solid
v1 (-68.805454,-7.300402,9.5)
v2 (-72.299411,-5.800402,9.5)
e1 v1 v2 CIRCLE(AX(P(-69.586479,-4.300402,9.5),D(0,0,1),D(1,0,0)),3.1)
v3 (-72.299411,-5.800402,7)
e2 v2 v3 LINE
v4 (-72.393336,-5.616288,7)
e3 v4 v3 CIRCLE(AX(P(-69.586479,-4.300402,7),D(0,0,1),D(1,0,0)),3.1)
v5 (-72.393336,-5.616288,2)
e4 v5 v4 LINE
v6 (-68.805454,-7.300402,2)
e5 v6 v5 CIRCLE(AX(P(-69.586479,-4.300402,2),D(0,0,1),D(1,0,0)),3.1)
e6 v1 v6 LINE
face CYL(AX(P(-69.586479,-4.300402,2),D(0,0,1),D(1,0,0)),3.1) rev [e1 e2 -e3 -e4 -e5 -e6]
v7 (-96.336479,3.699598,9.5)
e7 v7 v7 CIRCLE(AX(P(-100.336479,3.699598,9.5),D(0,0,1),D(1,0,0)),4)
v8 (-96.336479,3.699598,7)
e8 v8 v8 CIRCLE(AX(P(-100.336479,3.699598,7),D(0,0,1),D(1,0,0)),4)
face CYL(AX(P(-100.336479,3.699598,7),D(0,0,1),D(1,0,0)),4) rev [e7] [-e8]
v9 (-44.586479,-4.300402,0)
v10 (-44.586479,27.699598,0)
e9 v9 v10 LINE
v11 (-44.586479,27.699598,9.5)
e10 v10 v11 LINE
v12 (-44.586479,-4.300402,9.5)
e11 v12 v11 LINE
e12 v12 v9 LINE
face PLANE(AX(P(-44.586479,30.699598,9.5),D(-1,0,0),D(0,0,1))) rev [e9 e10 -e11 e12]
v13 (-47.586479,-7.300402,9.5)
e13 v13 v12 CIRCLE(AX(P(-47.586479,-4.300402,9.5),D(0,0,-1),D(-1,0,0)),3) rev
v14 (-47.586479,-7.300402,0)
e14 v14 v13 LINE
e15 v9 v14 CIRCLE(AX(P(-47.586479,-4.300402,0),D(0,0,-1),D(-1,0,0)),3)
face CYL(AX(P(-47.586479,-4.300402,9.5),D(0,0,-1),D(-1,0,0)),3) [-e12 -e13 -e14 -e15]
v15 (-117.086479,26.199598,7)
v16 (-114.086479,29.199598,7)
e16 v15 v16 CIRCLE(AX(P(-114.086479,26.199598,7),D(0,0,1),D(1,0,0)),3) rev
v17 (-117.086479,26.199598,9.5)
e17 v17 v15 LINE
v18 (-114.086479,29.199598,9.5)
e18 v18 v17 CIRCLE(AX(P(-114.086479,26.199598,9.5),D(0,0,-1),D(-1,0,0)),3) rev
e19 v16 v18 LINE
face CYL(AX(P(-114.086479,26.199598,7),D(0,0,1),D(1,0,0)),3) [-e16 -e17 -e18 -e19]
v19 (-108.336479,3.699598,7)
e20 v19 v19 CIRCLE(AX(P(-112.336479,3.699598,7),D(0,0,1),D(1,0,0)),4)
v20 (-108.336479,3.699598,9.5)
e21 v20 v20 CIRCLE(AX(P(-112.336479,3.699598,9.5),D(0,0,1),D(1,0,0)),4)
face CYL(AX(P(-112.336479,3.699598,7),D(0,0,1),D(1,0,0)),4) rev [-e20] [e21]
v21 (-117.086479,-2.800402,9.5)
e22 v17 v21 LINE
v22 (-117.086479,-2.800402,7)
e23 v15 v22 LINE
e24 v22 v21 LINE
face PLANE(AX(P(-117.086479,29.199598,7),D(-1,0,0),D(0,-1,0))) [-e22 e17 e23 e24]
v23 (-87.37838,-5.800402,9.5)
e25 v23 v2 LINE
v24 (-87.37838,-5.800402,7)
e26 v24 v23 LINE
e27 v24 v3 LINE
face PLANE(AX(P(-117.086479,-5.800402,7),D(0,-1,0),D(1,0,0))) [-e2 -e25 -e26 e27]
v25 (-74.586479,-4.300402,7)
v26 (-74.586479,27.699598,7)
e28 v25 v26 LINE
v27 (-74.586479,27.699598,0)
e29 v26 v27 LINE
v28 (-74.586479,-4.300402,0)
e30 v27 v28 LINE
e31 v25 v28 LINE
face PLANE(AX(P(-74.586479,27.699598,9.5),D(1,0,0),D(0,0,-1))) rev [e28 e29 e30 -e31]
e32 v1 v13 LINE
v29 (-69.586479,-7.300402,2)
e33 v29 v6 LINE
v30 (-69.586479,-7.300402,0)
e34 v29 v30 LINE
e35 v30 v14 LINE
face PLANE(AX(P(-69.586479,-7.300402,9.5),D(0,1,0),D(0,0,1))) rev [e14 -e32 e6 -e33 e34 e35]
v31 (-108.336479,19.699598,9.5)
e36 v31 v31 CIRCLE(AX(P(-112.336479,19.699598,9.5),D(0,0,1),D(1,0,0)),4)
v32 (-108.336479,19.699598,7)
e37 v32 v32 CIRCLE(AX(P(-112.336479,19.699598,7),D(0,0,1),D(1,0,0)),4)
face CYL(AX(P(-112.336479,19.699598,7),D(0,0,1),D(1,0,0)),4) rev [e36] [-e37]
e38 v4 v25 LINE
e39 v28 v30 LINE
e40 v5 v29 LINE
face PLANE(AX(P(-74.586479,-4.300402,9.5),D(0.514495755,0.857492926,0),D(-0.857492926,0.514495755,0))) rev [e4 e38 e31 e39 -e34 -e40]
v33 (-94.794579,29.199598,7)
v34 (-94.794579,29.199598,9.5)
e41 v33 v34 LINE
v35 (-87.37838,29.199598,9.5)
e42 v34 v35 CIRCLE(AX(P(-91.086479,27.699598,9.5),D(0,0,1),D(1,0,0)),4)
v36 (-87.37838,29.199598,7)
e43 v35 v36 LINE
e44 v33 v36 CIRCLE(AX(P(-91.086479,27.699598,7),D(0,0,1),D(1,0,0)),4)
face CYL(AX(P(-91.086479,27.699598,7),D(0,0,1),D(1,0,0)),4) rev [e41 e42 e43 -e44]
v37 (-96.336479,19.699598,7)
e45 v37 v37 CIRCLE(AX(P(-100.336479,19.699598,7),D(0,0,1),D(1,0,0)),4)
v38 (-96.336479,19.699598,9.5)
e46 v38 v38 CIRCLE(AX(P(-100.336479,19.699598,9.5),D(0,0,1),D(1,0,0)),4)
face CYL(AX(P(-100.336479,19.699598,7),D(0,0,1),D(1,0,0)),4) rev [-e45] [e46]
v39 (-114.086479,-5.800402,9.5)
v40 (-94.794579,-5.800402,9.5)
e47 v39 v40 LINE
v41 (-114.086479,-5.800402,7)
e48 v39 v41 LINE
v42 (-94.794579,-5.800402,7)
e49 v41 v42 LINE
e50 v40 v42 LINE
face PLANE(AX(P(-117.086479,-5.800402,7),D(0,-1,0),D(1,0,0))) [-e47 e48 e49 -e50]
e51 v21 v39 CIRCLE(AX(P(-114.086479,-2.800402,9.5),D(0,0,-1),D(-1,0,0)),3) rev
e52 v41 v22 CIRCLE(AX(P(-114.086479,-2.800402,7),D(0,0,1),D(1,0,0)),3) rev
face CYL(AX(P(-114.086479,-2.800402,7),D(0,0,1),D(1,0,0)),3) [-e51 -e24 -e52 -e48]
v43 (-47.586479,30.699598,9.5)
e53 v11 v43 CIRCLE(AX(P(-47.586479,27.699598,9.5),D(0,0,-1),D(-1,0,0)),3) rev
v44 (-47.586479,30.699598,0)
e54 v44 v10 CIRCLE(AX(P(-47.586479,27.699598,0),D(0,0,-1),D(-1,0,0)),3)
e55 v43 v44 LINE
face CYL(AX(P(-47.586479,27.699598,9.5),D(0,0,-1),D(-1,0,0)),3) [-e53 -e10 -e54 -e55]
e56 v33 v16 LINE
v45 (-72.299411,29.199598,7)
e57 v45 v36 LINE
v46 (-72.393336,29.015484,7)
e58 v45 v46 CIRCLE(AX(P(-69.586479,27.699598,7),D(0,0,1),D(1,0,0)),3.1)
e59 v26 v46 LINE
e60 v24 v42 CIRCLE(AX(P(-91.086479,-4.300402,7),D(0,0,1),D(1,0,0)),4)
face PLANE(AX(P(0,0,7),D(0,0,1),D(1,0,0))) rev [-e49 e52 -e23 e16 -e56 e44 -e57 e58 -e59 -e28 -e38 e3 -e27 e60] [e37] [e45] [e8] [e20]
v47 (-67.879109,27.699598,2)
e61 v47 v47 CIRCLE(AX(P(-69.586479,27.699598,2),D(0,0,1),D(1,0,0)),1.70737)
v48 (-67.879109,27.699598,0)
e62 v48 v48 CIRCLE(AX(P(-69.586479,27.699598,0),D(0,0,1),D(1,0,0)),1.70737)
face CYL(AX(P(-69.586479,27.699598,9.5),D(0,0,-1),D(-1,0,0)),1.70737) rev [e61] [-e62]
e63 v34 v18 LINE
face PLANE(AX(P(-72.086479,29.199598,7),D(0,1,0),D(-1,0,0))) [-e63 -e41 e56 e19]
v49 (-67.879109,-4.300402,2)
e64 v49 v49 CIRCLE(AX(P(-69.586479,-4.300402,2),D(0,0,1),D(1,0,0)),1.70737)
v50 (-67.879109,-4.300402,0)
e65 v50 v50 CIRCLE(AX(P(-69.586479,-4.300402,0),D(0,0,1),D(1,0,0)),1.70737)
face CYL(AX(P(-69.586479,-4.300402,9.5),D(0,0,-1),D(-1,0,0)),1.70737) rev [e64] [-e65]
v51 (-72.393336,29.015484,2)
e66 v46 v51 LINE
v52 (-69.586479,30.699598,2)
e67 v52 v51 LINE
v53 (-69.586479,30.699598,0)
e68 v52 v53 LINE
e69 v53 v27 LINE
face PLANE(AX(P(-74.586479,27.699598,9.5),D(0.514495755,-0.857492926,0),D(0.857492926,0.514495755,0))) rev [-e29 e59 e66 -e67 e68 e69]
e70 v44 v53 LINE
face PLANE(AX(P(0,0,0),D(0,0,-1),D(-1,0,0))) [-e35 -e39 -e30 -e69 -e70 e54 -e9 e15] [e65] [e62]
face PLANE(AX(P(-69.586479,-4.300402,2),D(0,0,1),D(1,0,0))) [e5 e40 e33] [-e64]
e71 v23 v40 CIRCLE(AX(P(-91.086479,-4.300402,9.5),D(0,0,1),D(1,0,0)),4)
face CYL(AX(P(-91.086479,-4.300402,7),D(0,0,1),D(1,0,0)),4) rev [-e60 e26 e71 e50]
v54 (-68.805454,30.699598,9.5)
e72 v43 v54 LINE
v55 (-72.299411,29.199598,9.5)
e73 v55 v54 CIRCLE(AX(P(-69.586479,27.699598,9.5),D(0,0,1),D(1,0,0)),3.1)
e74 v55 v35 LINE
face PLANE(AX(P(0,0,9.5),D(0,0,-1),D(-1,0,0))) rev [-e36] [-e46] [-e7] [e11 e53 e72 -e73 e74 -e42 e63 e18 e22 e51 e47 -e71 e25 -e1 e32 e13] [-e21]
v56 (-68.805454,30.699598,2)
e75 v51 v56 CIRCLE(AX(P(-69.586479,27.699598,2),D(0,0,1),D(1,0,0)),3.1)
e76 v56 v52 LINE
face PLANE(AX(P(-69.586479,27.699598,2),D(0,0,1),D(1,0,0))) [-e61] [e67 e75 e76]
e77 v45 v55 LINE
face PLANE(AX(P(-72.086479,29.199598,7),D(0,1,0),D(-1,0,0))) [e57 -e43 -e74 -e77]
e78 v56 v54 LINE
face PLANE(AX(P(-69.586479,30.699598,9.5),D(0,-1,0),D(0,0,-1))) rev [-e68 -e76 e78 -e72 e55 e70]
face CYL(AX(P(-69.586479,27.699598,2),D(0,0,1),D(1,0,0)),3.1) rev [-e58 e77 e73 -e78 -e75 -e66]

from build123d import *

# Parameters (mm, degrees)
CROQUIS1_R              = 1.707370132
SALIENTE_EXTRUIR1_DEPTH = 9.5
SALIENTE_EXTRUIR2_DEPTH = 2.5
CROQUIS5_R              = 4
CROQUIS5_R_2            = 3.5
CORTAR_EXTRUIR1_DEPTH   = 2.5
REDONDEO1_R             = 3
CROQUIS6_R              = 3.1
CORTAR_EXTRUIR2_DEPTH   = 7.5


with BuildPart() as part:
    # Croquis1 → Saliente-Extruir1 (new body)
    with BuildSketch(Plane.XY):
        Polygon((-69.586479396, 30.699597615), (-44.586479396, 30.699597615), (-44.586479396, -7.300402385), (-69.586479396, -7.300402385), (-74.586479396, -4.300402385), (-74.586479396, 27.699597615), align=None)
        with Locations((-69.586479396, 27.699597615)):
            Circle(CROQUIS1_R, mode=Mode.SUBTRACT)
        with Locations((-69.586479396, -4.300402385)):
            Circle(CROQUIS1_R, mode=Mode.SUBTRACT)
    extrude(amount=SALIENTE_EXTRUIR1_DEPTH)

    # Croquis4 → Saliente-Extruir2 (add)
    with BuildSketch(Plane.XY.offset(9.5)):
        Polygon((-72.086479396, 29.199597615), (-117.086479396, 29.199597615), (-117.086479396, -5.800402385), (-72.086479396, -5.800402385), (-74.586479396, -4.300402385), (-74.586479396, 27.699597615), align=None)
    extrude(amount=-SALIENTE_EXTRUIR2_DEPTH)

    # Croquis5 → Cortar-Extruir1 (cut)
    with BuildSketch(Plane.XY.offset(9.5)):
        with Locations((-91.086479396, -4.300402385)):
            Circle(CROQUIS5_R)
        with Locations((-91.086479396, 27.699597615)):
            Circle(CROQUIS5_R)
        with Locations((-121.586479396, -4.300402385)):
            Circle(CROQUIS5_R_2)
        with Locations((-121.586479396, 27.699597615)):
            Circle(CROQUIS5_R_2)
        with Locations((-100.336479396, 19.699597615)):
            Circle(CROQUIS5_R)
        with Locations((-112.336479396, 19.699597615)):
            Circle(CROQUIS5_R)
        with Locations((-112.336479396, 3.699597615)):
            Circle(CROQUIS5_R)
        with Locations((-100.336479396, 3.699597615)):
            Circle(CROQUIS5_R)
    extrude(amount=-CORTAR_EXTRUIR1_DEPTH, mode=Mode.SUBTRACT)

    # Redondeo1
    redondeo1_edges = [part.edges().sort_by_distance(p)[0] for p in [
        (-44.586479396, 30.699597615, 4.75),
        (-44.586479396, -7.300402385, 4.75),
        (-117.086479396, -5.800402385, 8.25),
        (-117.086479396, 29.199597615, 8.25),
    ]]
    fillet(redondeo1_edges, radius=REDONDEO1_R)

    # Croquis6 → Cortar-Extruir2 (cut)
    with BuildSketch(Plane.XY.offset(9.5)):
        with Locations((-69.586479396, 27.699597615)):
            Circle(CROQUIS6_R)
        with Locations((-69.586479396, -4.300402385)):
            Circle(CROQUIS6_R)
    extrude(amount=-CORTAR_EXTRUIR2_DEPTH, mode=Mode.SUBTRACT)


solid = part.part
